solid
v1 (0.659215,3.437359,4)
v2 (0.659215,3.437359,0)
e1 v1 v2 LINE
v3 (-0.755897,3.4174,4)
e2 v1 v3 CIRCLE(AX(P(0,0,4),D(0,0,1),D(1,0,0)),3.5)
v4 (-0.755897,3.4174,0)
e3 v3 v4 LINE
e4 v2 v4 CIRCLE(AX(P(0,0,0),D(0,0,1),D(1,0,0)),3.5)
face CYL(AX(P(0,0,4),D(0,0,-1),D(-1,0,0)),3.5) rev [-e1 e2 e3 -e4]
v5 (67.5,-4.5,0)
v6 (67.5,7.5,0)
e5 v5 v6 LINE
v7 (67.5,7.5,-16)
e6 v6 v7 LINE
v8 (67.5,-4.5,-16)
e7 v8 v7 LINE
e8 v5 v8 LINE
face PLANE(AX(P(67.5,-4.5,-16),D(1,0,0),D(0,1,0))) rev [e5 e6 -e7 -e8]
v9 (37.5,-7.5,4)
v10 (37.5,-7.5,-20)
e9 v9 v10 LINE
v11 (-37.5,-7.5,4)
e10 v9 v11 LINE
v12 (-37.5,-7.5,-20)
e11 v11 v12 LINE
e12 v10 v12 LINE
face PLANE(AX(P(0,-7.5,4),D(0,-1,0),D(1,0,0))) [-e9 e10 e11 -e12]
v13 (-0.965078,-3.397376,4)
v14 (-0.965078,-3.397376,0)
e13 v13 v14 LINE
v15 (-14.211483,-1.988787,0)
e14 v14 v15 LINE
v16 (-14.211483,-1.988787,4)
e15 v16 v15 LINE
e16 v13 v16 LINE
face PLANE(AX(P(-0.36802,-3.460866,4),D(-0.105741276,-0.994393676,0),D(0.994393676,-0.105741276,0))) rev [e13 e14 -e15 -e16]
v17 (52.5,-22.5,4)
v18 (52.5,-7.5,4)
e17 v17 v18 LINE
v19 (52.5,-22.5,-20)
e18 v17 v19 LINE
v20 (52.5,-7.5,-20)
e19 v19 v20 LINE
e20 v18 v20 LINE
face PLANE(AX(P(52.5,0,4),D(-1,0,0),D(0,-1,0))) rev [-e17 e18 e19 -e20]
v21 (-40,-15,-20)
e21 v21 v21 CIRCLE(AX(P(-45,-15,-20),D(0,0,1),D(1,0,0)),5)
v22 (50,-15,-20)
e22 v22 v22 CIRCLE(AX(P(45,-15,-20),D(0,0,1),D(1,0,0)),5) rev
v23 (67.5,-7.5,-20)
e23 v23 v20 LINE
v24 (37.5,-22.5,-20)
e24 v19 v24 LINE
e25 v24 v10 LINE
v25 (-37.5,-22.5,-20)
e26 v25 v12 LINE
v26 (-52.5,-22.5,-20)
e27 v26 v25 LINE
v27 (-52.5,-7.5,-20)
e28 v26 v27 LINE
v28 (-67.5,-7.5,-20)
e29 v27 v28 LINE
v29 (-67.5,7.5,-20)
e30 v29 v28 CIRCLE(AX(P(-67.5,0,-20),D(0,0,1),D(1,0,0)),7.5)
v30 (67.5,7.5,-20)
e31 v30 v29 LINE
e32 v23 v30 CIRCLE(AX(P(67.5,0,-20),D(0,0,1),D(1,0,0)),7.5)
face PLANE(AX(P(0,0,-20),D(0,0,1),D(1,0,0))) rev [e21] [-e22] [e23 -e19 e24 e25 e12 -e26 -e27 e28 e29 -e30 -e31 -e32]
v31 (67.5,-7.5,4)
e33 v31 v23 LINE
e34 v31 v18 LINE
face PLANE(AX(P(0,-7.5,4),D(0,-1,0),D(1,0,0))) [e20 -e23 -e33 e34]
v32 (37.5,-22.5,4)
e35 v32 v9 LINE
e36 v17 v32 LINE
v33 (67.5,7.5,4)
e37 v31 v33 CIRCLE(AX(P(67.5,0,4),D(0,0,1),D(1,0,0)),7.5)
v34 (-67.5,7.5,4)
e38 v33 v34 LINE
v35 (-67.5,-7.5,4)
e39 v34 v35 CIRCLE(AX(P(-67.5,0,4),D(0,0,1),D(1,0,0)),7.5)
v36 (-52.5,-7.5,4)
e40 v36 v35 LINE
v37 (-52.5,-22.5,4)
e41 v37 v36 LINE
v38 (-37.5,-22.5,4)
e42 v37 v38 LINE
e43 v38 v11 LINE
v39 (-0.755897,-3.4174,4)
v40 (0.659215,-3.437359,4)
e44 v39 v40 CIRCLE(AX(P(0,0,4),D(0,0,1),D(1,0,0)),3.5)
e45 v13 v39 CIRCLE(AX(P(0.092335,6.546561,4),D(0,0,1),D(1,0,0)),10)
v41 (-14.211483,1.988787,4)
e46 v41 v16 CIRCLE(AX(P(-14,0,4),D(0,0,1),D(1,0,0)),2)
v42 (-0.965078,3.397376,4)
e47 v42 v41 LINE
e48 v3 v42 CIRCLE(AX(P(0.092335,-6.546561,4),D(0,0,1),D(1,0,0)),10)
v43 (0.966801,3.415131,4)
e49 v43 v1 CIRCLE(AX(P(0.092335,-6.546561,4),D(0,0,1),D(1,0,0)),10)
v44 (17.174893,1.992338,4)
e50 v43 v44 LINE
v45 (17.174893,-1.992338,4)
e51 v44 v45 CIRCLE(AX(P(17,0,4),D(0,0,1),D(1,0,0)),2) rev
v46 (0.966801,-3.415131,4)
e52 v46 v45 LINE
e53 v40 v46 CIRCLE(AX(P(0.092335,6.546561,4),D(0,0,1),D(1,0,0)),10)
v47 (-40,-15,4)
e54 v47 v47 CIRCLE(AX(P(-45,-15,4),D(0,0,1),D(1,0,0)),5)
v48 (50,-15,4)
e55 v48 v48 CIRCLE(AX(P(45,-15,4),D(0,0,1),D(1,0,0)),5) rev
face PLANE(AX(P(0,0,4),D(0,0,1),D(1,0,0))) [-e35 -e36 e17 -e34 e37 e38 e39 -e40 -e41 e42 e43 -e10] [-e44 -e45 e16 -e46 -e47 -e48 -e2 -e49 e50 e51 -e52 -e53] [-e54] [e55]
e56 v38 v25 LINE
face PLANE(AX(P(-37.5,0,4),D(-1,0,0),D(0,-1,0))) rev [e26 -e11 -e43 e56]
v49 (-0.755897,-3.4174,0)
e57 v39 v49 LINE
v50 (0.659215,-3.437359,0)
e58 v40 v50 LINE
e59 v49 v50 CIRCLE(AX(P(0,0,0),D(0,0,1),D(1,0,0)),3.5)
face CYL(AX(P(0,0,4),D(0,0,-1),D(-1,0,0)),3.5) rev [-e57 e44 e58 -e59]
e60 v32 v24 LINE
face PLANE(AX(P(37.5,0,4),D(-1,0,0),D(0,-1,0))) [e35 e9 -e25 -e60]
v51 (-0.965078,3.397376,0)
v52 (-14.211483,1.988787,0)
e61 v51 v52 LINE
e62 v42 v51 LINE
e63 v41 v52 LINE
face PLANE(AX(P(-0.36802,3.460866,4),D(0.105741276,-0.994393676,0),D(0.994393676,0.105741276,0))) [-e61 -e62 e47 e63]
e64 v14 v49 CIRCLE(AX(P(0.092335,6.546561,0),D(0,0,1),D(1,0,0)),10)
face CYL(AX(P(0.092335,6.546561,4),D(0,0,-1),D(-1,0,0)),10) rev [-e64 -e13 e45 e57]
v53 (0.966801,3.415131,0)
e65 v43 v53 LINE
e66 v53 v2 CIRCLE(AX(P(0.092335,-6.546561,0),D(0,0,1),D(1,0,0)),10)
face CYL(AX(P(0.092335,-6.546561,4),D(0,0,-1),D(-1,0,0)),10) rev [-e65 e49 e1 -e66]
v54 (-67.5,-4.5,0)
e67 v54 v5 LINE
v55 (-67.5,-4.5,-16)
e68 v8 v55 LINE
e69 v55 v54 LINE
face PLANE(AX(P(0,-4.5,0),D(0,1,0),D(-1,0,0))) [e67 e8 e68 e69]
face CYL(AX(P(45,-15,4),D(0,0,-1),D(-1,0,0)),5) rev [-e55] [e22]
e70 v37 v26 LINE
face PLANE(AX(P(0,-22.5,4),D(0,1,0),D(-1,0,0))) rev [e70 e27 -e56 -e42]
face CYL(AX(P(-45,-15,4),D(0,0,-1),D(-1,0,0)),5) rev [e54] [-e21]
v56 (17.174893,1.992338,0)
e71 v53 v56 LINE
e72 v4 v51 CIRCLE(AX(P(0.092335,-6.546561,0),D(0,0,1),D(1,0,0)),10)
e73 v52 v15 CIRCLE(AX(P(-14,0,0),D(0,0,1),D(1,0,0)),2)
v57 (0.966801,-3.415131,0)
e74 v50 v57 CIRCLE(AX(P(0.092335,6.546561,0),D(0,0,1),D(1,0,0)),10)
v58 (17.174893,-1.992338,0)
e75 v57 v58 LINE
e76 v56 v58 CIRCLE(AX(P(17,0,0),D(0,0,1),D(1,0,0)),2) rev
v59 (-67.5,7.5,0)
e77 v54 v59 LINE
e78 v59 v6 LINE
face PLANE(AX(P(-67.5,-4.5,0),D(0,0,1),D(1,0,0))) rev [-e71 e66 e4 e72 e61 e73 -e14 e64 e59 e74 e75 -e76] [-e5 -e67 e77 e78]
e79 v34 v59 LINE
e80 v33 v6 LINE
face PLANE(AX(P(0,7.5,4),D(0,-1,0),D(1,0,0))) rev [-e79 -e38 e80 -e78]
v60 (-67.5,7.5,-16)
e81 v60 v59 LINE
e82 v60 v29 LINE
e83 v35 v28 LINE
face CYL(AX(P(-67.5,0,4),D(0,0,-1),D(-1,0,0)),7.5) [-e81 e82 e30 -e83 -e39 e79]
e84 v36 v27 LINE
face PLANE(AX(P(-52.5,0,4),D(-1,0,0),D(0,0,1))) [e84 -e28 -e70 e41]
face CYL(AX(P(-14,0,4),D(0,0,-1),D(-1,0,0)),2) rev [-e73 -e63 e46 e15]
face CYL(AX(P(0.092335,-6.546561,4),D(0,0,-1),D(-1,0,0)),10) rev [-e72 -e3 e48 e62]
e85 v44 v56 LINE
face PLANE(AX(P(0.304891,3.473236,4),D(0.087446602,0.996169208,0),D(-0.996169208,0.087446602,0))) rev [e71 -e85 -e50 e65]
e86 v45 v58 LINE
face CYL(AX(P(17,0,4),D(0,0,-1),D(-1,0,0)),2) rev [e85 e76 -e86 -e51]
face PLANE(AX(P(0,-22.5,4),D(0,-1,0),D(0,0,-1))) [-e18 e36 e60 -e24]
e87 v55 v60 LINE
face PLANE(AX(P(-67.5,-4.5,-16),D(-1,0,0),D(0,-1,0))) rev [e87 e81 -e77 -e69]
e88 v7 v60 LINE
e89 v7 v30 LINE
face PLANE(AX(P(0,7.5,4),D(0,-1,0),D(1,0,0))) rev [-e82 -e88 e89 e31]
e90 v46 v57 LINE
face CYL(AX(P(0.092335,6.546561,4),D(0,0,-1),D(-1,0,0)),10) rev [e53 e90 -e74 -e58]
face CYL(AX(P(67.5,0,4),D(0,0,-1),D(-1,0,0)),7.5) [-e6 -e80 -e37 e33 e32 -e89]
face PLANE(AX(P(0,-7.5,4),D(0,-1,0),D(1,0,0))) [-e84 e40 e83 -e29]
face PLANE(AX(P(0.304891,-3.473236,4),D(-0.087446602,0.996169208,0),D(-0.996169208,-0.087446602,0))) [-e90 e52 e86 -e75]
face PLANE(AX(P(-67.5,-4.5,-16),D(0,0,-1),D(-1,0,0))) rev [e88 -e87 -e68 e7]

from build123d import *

# Parameters (mm, degrees)
SKETCH1_R           = 5
BOSS_EXTRUDE1_DEPTH = 4
BOSS_EXTRUDE2_START = -20
SKETCH1_4_R         = 5
BOSS_EXTRUDE2_DEPTH = 20
SKETCH2_W           = 135
SKETCH2_H           = 16
CUT_EXTRUDE1_DEPTH  = 12


with BuildPart() as part:
    # Sketch1 → Boss-Extrude1 (new body)
    with BuildSketch(Plane.XY):
        with BuildLine():
            Line((52.5, -7.5), (67.5, -7.5))
            ThreePointArc((67.5, -7.5), (75, 0), (67.5, 7.5))
            Line((67.5, 7.5), (-67.5, 7.5))
            ThreePointArc((-67.5, 7.5), (-75, 0), (-67.5, -7.5))
            Line((-67.5, -7.5), (-52.5, -7.5))
            Line((-52.5, -7.5), (-52.5, -22.5))
            Line((-52.5, -22.5), (-37.5, -22.5))
            Line((-37.5, -22.5), (-37.5, -7.5))
            Line((-37.5, -7.5), (37.5, -7.5))
            Line((37.5, -7.5), (37.5, -22.5))
            Line((37.5, -22.5), (52.5, -22.5))
            Line((52.5, -22.5), (52.5, -7.5))
        make_face()
        with BuildLine():
            Line((-14.211482552, 1.988787352), (-0.965077795, 3.3973761))
            ThreePointArc((-0.965077795, 3.3973761), (-0.860540111, 3.407937274), (-0.755897232, 3.417399505))
            ThreePointArc((-0.755897232, 3.417399505), (-0.049360306, 3.49965192), (0.65921534, 3.437358744))
            ThreePointArc((0.65921534, 3.437358744), (0.81309385, 3.427430851), (0.966800983, 3.415131426))
            Line((0.966800983, 3.415131426), (17.174893203, 1.992338417))
            ThreePointArc((17.174893203, 1.992338417), (19, 0), (17.174893203, -1.992338417))
            Line((17.174893203, -1.992338417), (0.966800983, -3.415131426))
            ThreePointArc((0.966800983, -3.415131426), (0.81309385, -3.427430851), (0.65921534, -3.437358744))
            ThreePointArc((0.65921534, -3.437358744), (-0.049360306, -3.49965192), (-0.755897232, -3.417399505))
            ThreePointArc((-0.755897232, -3.417399505), (-0.860540111, -3.407937274), (-0.965077795, -3.3973761))
            Line((-0.965077795, -3.3973761), (-14.211482552, -1.988787352))
            ThreePointArc((-14.211482552, -1.988787352), (-16, 0), (-14.211482552, 1.988787352))
        make_face(mode=Mode.SUBTRACT)
        with Locations((45, -15)):
            Circle(SKETCH1_R, mode=Mode.SUBTRACT)
        with Locations((-45, -15)):
            Circle(SKETCH1_R, mode=Mode.SUBTRACT)
    extrude(amount=BOSS_EXTRUDE1_DEPTH)

    # Sketch1<4> → Boss-Extrude2 (add)
    with BuildSketch(Plane.XY.offset(BOSS_EXTRUDE2_START)):
        with BuildLine():
            Line((52.5, -7.5), (67.5, -7.5))
            ThreePointArc((67.5, -7.5), (75, 0), (67.5, 7.5))
            Line((67.5, 7.5), (-67.5, 7.5))
            ThreePointArc((-67.5, 7.5), (-75, 0), (-67.5, -7.5))
            Line((-67.5, -7.5), (-52.5, -7.5))
            Line((-52.5, -7.5), (-52.5, -22.5))
            Line((-52.5, -22.5), (-37.5, -22.5))
            Line((-37.5, -22.5), (-37.5, -7.5))
            Line((-37.5, -7.5), (37.5, -7.5))
            Line((37.5, -7.5), (37.5, -22.5))
            Line((37.5, -22.5), (52.5, -22.5))
            Line((52.5, -22.5), (52.5, -7.5))
        make_face()
        with Locations((45, -15)):
            Circle(SKETCH1_4_R, mode=Mode.SUBTRACT)
        with Locations((-45, -15)):
            Circle(SKETCH1_4_R, mode=Mode.SUBTRACT)
    extrude(amount=BOSS_EXTRUDE2_DEPTH)

    # Sketch2 → Cut-Extrude1 (cut)
    with BuildSketch(Plane(origin=(0, 7.5, 0), x_dir=(1, 0, 0), z_dir=(0, 1, 0))):
        with Locations((0, 8)):
            Rectangle(SKETCH2_W, SKETCH2_H)
    extrude(amount=-CUT_EXTRUDE1_DEPTH, mode=Mode.SUBTRACT)


solid = part.part
